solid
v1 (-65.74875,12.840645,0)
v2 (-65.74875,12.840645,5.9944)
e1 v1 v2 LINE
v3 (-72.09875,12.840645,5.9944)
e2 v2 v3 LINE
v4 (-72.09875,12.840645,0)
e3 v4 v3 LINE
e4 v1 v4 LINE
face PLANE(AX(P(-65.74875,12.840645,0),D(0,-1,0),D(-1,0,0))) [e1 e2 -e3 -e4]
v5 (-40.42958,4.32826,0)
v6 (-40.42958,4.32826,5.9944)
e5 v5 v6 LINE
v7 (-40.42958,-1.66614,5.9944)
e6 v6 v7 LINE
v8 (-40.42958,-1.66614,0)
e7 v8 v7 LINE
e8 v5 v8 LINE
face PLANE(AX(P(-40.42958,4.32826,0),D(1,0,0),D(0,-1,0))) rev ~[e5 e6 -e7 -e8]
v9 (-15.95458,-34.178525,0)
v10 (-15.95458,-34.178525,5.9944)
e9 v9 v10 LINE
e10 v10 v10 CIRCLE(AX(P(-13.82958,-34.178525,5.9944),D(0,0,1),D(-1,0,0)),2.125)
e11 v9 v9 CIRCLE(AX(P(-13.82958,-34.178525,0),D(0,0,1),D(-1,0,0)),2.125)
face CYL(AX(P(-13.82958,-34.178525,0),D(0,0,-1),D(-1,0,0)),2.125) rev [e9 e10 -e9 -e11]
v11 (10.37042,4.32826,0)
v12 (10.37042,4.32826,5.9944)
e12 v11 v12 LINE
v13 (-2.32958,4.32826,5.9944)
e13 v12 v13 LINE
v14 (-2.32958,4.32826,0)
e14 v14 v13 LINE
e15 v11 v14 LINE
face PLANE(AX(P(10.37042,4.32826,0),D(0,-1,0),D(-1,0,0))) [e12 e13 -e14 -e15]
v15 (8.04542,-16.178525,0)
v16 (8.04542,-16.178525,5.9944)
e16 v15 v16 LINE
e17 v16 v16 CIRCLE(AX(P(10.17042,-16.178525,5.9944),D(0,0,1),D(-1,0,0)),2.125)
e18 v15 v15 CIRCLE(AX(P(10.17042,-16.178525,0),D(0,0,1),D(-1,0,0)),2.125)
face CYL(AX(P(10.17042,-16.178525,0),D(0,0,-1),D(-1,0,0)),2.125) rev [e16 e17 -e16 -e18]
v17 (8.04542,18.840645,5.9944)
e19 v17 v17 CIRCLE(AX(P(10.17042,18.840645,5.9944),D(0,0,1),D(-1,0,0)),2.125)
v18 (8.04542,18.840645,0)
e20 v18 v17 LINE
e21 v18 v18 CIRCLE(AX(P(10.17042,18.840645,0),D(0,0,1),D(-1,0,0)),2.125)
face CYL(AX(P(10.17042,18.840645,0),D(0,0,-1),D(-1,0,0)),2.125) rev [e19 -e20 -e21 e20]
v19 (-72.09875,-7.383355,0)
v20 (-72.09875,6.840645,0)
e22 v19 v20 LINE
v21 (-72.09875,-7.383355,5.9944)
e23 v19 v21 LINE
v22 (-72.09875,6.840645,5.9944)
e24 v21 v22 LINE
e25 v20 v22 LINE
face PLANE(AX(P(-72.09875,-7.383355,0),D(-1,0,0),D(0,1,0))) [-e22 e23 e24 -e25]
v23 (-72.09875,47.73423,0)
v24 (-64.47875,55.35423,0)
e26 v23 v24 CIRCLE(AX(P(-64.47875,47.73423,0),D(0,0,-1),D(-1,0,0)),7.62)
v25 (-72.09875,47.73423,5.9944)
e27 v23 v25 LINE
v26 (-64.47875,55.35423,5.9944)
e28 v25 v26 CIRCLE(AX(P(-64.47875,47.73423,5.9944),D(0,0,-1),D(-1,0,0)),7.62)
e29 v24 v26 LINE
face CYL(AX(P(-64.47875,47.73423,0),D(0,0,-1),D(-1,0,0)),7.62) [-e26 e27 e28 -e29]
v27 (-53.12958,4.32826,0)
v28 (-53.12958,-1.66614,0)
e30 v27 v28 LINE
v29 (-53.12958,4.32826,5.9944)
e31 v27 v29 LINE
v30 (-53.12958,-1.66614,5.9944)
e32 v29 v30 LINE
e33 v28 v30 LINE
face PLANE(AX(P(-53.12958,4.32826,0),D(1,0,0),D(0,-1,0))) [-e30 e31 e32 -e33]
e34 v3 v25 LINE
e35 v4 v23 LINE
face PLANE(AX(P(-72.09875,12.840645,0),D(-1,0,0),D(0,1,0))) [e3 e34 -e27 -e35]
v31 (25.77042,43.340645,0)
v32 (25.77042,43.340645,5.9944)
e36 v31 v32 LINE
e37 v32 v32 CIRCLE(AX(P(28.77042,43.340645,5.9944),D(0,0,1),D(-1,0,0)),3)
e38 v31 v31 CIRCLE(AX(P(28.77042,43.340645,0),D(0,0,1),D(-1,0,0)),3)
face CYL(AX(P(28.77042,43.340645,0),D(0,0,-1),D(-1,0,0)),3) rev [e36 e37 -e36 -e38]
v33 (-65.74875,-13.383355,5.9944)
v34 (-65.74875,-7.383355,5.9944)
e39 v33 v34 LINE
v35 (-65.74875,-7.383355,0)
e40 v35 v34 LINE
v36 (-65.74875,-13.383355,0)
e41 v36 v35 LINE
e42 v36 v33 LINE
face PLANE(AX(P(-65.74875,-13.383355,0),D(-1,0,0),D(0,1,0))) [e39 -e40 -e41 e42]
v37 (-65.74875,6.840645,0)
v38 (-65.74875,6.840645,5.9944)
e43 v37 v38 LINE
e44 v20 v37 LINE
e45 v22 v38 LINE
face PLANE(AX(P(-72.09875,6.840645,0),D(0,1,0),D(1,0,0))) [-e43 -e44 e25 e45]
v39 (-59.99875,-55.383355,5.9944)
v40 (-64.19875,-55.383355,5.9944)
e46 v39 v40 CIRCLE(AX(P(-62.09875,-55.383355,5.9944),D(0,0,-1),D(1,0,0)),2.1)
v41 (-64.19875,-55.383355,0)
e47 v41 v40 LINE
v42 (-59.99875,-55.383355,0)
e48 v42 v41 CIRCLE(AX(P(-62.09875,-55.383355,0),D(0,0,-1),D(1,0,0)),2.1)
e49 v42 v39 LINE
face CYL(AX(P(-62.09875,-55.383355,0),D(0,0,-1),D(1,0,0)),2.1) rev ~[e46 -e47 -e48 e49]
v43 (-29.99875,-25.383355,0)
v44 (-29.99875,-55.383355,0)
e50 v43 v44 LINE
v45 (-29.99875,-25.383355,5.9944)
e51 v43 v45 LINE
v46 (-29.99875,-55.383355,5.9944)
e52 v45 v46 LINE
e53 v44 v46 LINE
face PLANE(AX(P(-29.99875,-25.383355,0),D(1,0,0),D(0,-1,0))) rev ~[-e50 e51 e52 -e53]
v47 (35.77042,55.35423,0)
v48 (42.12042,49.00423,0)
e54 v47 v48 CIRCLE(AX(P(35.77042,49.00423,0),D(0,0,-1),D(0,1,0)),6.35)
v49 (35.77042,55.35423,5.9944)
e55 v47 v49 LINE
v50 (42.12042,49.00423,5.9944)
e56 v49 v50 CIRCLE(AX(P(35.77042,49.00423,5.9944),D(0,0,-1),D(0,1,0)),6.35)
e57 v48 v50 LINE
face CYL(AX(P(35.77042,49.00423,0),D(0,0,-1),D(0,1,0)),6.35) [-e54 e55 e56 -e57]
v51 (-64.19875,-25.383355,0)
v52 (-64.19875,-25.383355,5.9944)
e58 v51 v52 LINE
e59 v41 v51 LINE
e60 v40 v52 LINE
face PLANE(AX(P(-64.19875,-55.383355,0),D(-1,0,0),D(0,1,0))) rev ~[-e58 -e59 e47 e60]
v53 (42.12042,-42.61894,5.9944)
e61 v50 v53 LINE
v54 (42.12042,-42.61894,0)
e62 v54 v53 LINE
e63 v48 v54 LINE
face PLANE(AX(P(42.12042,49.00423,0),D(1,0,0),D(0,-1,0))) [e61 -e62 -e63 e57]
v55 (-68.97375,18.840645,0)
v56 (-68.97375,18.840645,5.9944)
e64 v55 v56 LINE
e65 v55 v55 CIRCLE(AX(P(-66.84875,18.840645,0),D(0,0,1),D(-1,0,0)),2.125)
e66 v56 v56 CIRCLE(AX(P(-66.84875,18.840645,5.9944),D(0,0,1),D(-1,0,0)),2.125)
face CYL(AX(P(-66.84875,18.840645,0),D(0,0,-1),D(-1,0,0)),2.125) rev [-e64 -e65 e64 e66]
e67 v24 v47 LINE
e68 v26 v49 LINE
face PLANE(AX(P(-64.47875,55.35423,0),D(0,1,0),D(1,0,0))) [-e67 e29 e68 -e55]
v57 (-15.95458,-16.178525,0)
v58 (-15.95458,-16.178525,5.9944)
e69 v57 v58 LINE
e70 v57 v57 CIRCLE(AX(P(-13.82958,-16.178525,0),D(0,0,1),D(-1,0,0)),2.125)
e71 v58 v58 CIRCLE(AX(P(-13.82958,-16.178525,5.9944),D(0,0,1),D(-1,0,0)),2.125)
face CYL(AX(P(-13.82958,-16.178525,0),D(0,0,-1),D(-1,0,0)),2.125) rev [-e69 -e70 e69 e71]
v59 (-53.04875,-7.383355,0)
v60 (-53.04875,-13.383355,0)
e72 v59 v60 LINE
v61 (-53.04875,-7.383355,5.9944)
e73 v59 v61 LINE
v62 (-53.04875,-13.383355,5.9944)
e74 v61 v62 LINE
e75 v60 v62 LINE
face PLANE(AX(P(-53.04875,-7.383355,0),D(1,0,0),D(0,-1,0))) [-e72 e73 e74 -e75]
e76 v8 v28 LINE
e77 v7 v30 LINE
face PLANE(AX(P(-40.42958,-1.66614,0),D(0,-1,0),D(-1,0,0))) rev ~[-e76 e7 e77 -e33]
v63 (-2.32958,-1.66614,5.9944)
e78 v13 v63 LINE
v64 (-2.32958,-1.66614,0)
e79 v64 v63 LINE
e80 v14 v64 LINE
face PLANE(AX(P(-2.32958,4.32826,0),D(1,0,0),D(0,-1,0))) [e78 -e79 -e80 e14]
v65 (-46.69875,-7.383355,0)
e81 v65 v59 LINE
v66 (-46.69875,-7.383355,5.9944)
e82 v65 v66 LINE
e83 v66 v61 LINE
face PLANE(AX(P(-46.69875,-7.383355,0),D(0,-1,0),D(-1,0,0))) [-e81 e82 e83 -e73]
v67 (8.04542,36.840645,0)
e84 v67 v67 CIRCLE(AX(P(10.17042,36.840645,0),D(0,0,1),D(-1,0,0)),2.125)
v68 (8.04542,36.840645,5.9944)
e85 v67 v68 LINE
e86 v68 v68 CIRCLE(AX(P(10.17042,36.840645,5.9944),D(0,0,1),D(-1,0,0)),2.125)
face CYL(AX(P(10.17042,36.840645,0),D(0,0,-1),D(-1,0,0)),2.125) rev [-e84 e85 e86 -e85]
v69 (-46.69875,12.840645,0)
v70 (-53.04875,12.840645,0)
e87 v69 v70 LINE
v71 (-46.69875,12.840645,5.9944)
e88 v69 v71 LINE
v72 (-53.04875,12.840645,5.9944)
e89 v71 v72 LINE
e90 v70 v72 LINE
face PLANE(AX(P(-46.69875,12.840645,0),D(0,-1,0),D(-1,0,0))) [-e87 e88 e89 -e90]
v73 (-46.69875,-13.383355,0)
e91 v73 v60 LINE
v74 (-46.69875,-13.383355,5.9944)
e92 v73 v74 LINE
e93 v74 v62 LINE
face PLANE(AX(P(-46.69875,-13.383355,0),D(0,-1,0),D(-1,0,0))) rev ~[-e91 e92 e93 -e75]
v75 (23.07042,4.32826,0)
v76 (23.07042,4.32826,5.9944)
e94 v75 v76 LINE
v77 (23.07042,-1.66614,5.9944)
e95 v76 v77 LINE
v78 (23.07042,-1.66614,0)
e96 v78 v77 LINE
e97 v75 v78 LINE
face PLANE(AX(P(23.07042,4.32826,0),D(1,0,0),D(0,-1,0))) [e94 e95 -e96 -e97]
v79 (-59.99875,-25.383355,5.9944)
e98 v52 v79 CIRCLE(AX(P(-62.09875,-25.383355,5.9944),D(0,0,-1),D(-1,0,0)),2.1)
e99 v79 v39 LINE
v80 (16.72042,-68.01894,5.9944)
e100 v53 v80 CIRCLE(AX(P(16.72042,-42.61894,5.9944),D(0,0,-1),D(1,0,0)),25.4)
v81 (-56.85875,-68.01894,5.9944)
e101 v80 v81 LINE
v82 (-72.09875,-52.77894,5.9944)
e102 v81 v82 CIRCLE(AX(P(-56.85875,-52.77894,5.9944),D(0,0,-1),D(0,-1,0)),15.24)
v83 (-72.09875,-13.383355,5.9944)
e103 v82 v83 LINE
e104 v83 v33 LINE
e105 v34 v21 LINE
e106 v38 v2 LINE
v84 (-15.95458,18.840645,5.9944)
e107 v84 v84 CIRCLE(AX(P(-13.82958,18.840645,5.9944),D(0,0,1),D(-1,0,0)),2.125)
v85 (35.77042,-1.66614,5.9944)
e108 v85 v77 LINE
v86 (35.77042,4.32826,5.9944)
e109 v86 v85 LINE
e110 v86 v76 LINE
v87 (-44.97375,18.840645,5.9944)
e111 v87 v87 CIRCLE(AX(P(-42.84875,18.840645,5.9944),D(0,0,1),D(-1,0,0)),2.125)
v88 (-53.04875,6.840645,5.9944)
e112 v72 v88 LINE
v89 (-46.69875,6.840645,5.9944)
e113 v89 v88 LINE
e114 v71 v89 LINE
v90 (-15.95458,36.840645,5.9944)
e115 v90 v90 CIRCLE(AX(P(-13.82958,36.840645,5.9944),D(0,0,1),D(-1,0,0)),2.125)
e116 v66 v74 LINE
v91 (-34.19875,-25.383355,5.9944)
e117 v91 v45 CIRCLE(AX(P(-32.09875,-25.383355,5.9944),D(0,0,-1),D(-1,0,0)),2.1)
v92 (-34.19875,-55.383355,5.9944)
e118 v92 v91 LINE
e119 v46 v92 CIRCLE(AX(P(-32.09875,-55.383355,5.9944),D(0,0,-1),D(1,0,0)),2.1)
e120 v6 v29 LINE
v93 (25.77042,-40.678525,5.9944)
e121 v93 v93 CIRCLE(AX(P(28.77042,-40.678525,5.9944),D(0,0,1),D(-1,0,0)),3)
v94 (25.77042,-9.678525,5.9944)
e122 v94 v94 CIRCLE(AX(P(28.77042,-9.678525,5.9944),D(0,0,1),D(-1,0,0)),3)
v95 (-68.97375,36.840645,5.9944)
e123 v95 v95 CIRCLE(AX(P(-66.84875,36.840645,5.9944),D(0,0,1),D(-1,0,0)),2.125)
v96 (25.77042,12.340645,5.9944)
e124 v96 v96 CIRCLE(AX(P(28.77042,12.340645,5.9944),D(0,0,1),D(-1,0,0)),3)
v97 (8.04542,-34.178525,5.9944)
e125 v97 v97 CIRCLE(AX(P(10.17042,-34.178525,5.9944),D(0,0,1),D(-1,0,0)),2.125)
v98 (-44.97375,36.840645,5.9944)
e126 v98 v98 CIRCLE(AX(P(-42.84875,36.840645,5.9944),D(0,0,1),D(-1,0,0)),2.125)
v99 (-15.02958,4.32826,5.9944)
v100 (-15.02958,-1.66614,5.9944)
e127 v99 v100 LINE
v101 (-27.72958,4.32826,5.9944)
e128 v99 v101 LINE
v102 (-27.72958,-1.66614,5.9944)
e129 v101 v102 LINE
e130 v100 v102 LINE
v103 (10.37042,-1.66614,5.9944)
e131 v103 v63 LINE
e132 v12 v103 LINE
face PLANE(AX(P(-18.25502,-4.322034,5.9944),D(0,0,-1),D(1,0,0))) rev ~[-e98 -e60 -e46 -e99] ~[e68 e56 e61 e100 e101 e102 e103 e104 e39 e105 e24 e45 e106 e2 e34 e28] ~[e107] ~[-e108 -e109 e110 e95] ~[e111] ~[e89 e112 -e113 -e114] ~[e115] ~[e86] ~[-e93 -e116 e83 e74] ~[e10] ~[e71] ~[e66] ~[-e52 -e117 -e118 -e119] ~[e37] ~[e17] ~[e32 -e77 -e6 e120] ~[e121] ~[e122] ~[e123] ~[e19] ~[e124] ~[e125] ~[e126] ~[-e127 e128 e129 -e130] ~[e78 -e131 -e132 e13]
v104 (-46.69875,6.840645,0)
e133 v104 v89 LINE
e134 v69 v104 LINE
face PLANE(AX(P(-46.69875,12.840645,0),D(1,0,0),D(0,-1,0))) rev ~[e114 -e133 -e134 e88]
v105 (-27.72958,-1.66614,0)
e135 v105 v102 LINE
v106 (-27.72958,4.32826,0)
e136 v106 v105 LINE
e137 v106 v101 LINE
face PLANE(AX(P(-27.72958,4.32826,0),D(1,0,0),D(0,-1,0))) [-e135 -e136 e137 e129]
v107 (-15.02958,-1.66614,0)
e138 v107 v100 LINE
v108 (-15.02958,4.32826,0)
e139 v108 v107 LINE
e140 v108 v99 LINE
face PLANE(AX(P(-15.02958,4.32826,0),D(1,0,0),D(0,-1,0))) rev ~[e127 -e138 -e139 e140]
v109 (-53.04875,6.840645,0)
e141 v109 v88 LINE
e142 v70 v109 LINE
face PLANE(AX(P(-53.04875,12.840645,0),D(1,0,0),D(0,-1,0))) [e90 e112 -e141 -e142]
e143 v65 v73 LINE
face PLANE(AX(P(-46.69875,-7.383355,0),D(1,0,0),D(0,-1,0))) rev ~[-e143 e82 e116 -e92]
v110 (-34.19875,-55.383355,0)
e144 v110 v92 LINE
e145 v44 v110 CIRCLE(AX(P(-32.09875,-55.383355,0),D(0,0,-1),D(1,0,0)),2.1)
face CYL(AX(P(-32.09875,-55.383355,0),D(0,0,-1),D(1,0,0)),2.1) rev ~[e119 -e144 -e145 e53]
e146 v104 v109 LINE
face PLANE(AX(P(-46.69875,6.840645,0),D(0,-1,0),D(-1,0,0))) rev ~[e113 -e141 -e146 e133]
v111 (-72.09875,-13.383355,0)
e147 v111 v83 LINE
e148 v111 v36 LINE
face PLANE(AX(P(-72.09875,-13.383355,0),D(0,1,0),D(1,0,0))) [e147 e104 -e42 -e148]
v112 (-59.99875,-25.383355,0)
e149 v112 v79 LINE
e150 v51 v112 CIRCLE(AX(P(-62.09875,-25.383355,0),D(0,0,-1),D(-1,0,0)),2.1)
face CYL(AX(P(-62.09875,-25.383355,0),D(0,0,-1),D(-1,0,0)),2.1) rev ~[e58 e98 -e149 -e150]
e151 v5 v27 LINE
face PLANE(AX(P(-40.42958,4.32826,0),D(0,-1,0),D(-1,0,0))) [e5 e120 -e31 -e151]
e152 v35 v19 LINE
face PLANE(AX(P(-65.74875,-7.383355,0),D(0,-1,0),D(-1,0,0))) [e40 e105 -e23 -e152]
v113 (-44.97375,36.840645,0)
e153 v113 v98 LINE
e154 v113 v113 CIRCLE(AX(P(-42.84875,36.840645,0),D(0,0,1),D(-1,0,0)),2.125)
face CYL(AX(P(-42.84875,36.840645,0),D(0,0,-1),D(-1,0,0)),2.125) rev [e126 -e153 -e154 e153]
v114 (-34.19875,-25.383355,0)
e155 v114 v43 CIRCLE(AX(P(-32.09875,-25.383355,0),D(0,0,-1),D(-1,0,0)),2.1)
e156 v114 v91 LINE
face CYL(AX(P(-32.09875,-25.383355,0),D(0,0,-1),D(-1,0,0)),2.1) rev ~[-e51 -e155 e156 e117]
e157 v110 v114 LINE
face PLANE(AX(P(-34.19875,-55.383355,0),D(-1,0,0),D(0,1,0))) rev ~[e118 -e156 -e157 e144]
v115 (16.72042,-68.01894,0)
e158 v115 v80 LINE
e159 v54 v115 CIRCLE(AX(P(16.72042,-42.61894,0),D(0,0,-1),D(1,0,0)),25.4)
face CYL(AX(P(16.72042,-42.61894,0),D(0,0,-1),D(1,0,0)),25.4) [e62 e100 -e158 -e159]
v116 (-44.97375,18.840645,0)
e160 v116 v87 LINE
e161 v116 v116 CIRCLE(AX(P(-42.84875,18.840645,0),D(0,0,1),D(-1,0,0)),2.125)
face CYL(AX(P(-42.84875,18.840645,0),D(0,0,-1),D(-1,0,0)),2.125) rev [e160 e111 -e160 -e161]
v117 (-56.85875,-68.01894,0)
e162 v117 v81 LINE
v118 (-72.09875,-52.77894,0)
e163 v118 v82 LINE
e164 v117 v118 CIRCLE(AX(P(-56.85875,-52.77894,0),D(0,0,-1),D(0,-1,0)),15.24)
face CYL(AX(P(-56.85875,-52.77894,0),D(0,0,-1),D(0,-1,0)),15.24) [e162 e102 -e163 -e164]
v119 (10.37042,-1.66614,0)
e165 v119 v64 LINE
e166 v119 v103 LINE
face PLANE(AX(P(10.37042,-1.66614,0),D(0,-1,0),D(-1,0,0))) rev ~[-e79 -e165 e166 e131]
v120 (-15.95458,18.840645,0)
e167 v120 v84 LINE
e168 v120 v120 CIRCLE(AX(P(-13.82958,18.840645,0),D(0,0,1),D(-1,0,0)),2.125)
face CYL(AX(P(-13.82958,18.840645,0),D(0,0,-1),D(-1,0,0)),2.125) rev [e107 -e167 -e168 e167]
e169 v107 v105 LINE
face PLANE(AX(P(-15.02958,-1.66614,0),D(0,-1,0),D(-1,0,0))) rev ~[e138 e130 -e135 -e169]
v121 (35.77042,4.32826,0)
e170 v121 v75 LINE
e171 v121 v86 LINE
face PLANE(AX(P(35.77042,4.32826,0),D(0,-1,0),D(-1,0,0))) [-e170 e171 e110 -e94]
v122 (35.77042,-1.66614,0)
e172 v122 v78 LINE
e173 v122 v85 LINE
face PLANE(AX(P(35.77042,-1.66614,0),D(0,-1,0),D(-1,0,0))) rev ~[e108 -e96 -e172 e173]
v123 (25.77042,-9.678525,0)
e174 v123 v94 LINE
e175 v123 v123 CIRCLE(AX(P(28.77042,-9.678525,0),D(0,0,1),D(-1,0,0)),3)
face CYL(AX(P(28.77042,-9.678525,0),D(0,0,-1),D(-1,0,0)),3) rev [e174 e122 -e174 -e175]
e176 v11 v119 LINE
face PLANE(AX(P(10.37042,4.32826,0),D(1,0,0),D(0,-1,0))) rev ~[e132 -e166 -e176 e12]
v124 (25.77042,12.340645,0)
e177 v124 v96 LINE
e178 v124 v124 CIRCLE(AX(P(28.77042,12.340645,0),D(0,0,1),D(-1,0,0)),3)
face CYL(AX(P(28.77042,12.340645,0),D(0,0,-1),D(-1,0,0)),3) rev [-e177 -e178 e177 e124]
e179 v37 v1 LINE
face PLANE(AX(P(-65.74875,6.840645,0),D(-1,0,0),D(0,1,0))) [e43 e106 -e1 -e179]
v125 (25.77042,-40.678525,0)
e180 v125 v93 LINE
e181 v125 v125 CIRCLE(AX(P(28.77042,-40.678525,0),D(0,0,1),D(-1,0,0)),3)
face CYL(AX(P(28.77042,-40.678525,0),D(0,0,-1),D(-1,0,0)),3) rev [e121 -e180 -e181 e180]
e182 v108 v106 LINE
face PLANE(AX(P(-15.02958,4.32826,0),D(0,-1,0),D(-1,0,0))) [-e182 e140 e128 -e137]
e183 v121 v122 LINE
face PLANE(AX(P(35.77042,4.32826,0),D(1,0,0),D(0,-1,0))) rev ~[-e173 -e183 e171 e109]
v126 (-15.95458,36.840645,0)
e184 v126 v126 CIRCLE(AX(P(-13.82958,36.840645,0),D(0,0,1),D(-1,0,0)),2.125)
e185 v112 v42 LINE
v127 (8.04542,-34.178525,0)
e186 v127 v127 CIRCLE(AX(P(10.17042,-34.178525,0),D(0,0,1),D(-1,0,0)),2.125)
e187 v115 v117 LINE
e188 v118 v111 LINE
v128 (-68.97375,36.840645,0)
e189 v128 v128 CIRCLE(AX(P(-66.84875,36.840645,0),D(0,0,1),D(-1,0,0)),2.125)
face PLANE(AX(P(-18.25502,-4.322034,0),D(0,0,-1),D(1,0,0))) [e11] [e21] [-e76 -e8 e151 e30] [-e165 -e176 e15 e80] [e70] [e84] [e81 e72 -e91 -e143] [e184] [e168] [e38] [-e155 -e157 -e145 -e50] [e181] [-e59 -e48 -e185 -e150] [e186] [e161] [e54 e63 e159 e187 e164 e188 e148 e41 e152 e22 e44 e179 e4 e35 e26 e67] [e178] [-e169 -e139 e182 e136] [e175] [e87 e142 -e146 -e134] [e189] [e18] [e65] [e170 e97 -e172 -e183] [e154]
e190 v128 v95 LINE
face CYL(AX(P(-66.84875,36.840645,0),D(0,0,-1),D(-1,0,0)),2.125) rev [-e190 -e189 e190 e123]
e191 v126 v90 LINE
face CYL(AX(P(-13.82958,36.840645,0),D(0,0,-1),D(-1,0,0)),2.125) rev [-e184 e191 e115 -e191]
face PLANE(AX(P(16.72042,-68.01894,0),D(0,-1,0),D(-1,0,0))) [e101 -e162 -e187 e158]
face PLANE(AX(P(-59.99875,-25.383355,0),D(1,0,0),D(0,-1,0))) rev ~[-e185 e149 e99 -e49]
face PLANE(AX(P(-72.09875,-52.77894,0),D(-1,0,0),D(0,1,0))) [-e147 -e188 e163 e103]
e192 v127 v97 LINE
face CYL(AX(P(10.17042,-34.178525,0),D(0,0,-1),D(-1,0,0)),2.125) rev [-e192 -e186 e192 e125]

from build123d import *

# Parameters (mm, degrees)
SKETCH1_R           = 2.125
SKETCH1_R_2         = 3
SKETCH1_W           = 6.35
SKETCH1_H           = 6
SKETCH1_W_2         = 12.7
SKETCH1_H_2         = 5.9944
BOSS_EXTRUDE1_DEPTH = 5.9944


with BuildPart() as part:
    # Sketch1 → Boss-Extrude1 (new body)
    with BuildSketch(Plane(origin=(0, 0, 0), x_dir=(-1, 0, 0), z_dir=(0, 0, 1))):
        with BuildLine():
            Line((72.098749996, 7.383354962), (72.098749996, -6.840645038))
            Line((72.098749996, -6.840645038), (65.748749996, -6.840645038))
            Line((65.748749996, -6.840645038), (65.748749996, -12.840645038))
            Line((65.748749996, -12.840645038), (72.098749996, -12.840645038))
            Line((72.098749996, -12.840645038), (72.098749996, -42.840645038))
            Line((72.098749996, -42.840645038), (72.098749996, -47.734229729))
            ThreePointArc((72.098749996, -47.734229729), (69.866903669, -53.122383402), (64.478749996, -55.354229729))
            Line((64.478749996, -55.354229729), (51.652589936, -55.354229729))
            Line((51.652589936, -55.354229729), (45.302589935, -55.354229729))
            Line((45.302589935, -55.354229729), (26.252589932, -55.354229729))
            Line((26.252589932, -55.354229729), (-35.770420068, -55.354229729))
            ThreePointArc((-35.770420068, -55.354229729), (-40.260548128, -53.494357789), (-42.120420068, -49.004229729))
            Line((-42.120420068, -49.004229729), (-42.120420068, 42.61894002))
            ThreePointArc((-42.120420068, 42.61894002), (-34.68093231, 60.579452262), (-16.720420068, 68.01894002))
            Line((-16.720420068, 68.01894002), (56.858749996, 68.01894002))
            ThreePointArc((56.858749996, 68.01894002), (67.635057342, 63.555247365), (72.098749996, 52.77894002))
            Line((72.098749996, 52.77894002), (72.098749996, 13.383354962))
            Line((72.098749996, 13.383354962), (65.748749996, 13.383354962))
            Line((65.748749996, 13.383354962), (65.748749996, 7.383354962))
            Line((65.748749996, 7.383354962), (72.098749996, 7.383354962))
        make_face()
        with Locations((-10.170420063, -18.840645038)):
            Circle(SKETCH1_R, mode=Mode.SUBTRACT)
        with Locations((13.829579937, -18.840645038)):
            Circle(SKETCH1_R, mode=Mode.SUBTRACT)
        with Locations((13.829579937, -36.840645038)):
            Circle(SKETCH1_R, mode=Mode.SUBTRACT)
        with Locations((-10.170420063, -36.840645038)):
            Circle(SKETCH1_R, mode=Mode.SUBTRACT)
        with Locations((-28.770420063, -43.34064498)):
            Circle(SKETCH1_R_2, mode=Mode.SUBTRACT)
        with Locations((-28.770420063, -12.34064498)):
            Circle(SKETCH1_R_2, mode=Mode.SUBTRACT)
        with Locations((42.848749997, -18.840645038)):
            Circle(SKETCH1_R, mode=Mode.SUBTRACT)
        with Locations((66.848749997, -18.840645038)):
            Circle(SKETCH1_R, mode=Mode.SUBTRACT)
        with Locations((-28.770420063, 9.67852502)):
            Circle(SKETCH1_R_2, mode=Mode.SUBTRACT)
        with Locations((-28.770420063, 40.67852502)):
            Circle(SKETCH1_R_2, mode=Mode.SUBTRACT)
        with Locations((66.848749997, -36.840645038)):
            Circle(SKETCH1_R, mode=Mode.SUBTRACT)
        with Locations((42.848749997, -36.840645038)):
            Circle(SKETCH1_R, mode=Mode.SUBTRACT)
        with Locations((-10.170420063, 34.178525078)):
            Circle(SKETCH1_R, mode=Mode.SUBTRACT)
        with Locations((13.829579937, 34.178525078)):
            Circle(SKETCH1_R, mode=Mode.SUBTRACT)
        with Locations((-10.170420063, 16.178525078)):
            Circle(SKETCH1_R, mode=Mode.SUBTRACT)
        with Locations((13.829579937, 16.178525078)):
            Circle(SKETCH1_R, mode=Mode.SUBTRACT)
        with Locations((49.873749996, 10.383354962)):
            Rectangle(SKETCH1_W, SKETCH1_H, mode=Mode.SUBTRACT)
        with BuildLine():
            Line((34.198749996, 55.383354962), (34.198749996, 25.383354962))
            ThreePointArc((34.198749996, 25.383354962), (32.098749996, 23.283354962), (29.998749996, 25.383354962))
            Line((29.998749996, 25.383354962), (29.998749996, 55.383354962))
            ThreePointArc((29.998749996, 55.383354962), (32.098749996, 57.483354962), (34.198749996, 55.383354962))
        make_face(mode=Mode.SUBTRACT)
        with BuildLine():
            Line((64.198749996, 55.383354962), (64.198749996, 25.383354962))
            ThreePointArc((64.198749996, 25.383354962), (62.098749996, 23.283354962), (59.998749996, 25.383354962))
            Line((59.998749996, 25.383354962), (59.998749996, 55.383354962))
            ThreePointArc((59.998749996, 55.383354962), (62.098749996, 57.483354962), (64.198749996, 55.383354962))
        make_face(mode=Mode.SUBTRACT)
        with Locations((49.873749996, -9.840645038)):
            Rectangle(SKETCH1_W, SKETCH1_H, mode=Mode.SUBTRACT)
        with Locations((-29.420420063, -1.33105998)):
            Rectangle(SKETCH1_W_2, SKETCH1_H_2, mode=Mode.SUBTRACT)
        with Locations((-4.020420063, -1.33105998)):
            Rectangle(SKETCH1_W_2, SKETCH1_H_2, mode=Mode.SUBTRACT)
        with Locations((21.379579937, -1.33105998)):
            Rectangle(SKETCH1_W_2, SKETCH1_H_2, mode=Mode.SUBTRACT)
        with Locations((46.779579937, -1.33105998)):
            Rectangle(SKETCH1_W_2, SKETCH1_H_2, mode=Mode.SUBTRACT)
    extrude(amount=BOSS_EXTRUDE1_DEPTH)


solid = part.part
